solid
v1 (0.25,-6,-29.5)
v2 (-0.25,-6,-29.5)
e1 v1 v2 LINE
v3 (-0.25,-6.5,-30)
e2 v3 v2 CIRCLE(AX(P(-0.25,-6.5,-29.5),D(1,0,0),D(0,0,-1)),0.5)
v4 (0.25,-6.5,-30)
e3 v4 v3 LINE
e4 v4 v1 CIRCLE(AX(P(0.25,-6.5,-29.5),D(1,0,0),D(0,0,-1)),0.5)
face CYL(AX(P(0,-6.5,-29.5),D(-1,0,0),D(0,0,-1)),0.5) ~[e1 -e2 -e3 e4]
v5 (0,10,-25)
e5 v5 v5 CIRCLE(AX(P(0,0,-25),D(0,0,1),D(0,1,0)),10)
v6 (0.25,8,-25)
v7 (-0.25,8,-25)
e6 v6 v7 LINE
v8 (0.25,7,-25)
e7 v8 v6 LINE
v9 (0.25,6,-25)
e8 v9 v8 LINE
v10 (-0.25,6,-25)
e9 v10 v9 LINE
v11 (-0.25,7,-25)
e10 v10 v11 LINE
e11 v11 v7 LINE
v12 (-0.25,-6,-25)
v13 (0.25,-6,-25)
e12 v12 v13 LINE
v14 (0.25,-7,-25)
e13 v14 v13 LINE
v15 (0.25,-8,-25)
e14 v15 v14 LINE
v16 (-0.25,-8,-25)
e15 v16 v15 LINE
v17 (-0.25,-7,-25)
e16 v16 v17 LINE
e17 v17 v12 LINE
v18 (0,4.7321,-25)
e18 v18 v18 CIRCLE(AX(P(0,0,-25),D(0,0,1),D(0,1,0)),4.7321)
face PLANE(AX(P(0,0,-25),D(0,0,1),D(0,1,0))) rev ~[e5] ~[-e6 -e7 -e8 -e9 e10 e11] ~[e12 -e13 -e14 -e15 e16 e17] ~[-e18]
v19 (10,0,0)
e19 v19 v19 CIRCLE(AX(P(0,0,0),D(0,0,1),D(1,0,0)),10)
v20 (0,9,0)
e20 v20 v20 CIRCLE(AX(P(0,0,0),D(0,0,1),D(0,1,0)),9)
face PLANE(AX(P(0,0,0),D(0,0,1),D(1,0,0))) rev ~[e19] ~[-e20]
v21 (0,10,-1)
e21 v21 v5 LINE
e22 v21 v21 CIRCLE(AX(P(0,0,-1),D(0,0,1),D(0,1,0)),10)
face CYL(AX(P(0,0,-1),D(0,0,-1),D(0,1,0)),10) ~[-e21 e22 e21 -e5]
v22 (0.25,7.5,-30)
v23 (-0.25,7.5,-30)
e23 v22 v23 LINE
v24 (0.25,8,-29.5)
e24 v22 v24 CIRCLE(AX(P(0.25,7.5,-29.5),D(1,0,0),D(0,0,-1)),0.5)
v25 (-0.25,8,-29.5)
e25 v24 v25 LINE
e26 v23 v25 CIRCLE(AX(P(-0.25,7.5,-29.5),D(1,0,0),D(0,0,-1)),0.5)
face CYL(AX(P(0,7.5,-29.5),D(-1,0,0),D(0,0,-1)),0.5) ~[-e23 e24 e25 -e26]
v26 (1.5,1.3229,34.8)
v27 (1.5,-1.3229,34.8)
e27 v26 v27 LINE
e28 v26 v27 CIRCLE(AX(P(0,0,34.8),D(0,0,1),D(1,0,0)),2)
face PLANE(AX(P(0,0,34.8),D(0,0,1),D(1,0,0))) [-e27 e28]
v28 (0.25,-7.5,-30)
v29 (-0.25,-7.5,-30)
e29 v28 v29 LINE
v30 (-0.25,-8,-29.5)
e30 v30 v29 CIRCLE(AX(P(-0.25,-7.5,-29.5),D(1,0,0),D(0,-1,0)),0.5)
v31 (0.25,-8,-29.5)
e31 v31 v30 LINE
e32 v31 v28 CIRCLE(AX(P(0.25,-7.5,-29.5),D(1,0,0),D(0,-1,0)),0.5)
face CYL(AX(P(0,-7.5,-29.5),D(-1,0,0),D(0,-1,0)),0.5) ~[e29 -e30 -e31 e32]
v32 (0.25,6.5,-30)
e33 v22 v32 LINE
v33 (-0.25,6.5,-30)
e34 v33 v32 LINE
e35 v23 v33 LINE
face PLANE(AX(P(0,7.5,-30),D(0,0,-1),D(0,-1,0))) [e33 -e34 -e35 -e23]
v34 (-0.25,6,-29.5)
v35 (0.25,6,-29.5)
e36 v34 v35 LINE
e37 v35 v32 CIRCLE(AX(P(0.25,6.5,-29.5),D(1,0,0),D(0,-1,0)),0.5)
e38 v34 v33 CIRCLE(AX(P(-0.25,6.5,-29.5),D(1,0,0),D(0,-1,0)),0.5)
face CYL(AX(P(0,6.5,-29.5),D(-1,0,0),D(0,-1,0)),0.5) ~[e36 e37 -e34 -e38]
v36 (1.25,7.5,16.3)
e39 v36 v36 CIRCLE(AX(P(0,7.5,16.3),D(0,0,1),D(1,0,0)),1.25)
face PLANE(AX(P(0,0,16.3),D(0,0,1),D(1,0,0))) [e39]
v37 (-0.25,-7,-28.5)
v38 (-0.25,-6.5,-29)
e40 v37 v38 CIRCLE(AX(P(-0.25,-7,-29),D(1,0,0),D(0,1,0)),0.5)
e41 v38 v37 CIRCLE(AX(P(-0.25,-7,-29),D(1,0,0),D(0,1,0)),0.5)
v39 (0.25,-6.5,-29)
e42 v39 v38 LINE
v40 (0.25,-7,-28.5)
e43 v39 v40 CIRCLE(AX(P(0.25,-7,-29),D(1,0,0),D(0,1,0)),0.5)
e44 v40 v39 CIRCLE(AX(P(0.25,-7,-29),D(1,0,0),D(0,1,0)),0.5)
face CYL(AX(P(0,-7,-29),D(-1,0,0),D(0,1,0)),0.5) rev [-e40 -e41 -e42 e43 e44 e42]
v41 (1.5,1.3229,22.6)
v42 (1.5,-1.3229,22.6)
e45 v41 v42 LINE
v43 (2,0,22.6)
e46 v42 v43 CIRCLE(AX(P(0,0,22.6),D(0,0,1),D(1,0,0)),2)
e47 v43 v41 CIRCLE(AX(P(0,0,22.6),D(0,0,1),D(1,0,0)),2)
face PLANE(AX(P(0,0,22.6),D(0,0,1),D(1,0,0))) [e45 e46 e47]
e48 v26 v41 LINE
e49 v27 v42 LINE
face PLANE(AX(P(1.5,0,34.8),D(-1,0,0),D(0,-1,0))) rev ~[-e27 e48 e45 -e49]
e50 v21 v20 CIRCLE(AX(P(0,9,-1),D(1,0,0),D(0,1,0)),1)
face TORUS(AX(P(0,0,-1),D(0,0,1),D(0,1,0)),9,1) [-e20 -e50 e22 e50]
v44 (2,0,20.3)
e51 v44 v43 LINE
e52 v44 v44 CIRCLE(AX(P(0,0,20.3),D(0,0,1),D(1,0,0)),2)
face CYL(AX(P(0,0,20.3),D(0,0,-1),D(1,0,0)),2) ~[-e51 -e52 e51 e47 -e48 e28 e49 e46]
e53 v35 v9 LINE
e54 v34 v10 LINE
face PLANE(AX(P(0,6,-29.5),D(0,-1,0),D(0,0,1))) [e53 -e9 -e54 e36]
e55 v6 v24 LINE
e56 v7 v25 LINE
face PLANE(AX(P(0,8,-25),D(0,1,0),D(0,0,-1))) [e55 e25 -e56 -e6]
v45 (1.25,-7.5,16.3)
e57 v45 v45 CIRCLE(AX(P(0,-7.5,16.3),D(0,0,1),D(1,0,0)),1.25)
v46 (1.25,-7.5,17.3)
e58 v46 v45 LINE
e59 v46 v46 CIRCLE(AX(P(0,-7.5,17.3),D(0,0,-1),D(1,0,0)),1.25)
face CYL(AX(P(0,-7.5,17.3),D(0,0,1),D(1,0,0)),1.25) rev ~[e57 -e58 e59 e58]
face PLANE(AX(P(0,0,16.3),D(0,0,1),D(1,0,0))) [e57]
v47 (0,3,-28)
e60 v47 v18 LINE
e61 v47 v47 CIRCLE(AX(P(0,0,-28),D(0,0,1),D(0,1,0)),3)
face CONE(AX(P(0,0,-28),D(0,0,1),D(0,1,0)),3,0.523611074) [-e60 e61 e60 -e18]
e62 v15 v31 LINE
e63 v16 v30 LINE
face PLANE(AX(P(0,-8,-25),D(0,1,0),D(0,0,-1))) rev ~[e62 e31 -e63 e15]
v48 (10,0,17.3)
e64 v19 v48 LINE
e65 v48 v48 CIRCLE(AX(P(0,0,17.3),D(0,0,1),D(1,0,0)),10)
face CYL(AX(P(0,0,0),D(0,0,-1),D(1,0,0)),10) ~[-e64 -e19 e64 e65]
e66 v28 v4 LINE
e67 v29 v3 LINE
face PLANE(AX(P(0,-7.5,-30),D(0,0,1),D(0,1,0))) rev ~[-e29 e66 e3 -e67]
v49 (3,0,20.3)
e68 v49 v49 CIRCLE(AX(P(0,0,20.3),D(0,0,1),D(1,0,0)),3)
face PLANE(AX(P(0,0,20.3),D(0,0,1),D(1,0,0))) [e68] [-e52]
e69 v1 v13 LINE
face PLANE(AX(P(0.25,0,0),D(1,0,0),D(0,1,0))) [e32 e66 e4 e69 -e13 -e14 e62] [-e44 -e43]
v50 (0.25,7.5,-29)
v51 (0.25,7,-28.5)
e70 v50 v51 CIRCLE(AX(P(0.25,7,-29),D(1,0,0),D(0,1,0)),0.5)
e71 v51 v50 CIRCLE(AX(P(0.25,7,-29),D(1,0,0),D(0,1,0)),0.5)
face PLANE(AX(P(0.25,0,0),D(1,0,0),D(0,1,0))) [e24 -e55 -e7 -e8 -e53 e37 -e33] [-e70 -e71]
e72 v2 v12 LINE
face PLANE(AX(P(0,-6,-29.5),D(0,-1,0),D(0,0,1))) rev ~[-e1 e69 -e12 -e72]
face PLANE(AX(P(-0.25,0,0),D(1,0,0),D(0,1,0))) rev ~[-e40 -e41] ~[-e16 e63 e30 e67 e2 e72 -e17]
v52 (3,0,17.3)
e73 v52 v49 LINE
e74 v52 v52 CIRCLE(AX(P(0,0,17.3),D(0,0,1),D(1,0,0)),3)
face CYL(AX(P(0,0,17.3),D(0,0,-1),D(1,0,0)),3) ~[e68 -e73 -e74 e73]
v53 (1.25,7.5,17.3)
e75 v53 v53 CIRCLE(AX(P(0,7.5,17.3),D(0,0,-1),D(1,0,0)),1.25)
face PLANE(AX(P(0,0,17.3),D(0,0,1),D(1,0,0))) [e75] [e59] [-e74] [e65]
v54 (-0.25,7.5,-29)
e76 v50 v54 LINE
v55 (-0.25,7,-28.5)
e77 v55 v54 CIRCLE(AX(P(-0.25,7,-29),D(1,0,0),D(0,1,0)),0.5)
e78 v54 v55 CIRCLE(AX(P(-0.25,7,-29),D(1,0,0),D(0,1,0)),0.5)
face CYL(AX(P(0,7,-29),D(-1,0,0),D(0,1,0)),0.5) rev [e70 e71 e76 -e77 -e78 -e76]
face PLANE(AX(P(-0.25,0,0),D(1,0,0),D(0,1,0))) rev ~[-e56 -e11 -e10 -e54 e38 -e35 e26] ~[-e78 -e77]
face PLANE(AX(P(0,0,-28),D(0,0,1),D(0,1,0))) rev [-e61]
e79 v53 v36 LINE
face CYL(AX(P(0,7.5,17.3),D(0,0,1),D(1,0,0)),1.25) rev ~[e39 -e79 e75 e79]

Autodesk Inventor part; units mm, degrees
ref_plane "YZ Plane" through (0, 0, 0) normal (1, 0, 0) x (0, 1, 0)
ref_plane "XZ Plane" through (0, 0, 0) normal (0, 1, 0) x (-1, 0, 0)
ref_plane "XY Plane" through (0, 0, 0) normal (0, 0, 1) x (1, 0, 0)
sketch "Sketch1" plane through (0, 0, 0) normal (0, 0, 1) x (1, 0, 0)
  circle A0 centre (0, 0) radius 10
  dimension "d0" = 20
extrude "Extrusion1" add sketch "Sketch1" along normal blind 17.3
sketch "Sketch2" plane through (0, 0, 17.3) normal (0, 0, 1) x (1, 0, 0)
  line L0 (0, 0) -> (0, 7.5)
  circle A0 centre (0, 7.5) radius 1.25
  line L1 (0, 0) -> (0, -7.5)
  circle A1 centre (0, -7.5) radius 1.25
  dimension "d3" = 7.5
  dimension "d4" = 2.5
  dimension "d5" = 7.5
  dimension "d6" = 2.5
extrude "Extrusion2" cut sketch "Sketch2" against normal blind 1
sketch "Sketch3" plane through (0, 0, 17.3) normal (0, 0, 1) x (1, 0, 0)
  circle A0 centre (0, 0) radius 3
  dimension "d9" = 6
extrude "Extrusion3" add sketch "Sketch3" along normal blind 3
sketch "Sketch4" plane through (0, 0, 20.3) normal (0, 0, 1) x (1, 0, 0)
  circle A0 centre (0, 0) radius 2
  dimension "d12" = 4
extrude "Extrusion4" add sketch "Sketch4" along normal blind 14.5
sketch "Sketch5" plane through (0, 0, 34.8) normal (0, 0, 1) x (1, 0, 0)
  line L0 (0, 0) -> (2, 0)
  line L1 (2, 0) -> (1.5, 0)
  circle A0 centre (0, 0) radius 2
  line L2 (1.5, 0) -> (1.5, 1.3229)
  line L3 (1.5, 0) -> (1.5, -1.3229)
  circle A1 centre (0, 0) radius 2 projected
  dimension "d17" = 4
  dimension "d15" = 2
  dimension "d16" = 0.5
extrude "Extrusion5" cut sketch "Sketch5" against normal blind 12.2 contours L2 A0 L0 | L0 A0 L3
sketch "Sketch7" plane through (0, 0, 0) normal (1, 0, 0) x (0, 1, 0)
  line L0 (10, 0) -> (-10, 0) projected
  line L1 (0, 0) -> (9, 0)
  line L2 (10, -1) -> (10, -25)
  line L3 (10, -25) -> (0, -25)
  line L4 (0, -25) -> (0, 0)
  arc A0 (10, -1) -> (9, 0) centre (9, -1) ccw
  line L5 (0, -25) -> (0, -28)
  line L6 (0, -28) -> (3, -28)
  line L7 (3, -28) -> (4.7321, -25)
  dimension "d20" = 10
  dimension "d21" = 25
  dimension "d22" = 1
  dimension "d23" = 3
  dimension "d24" = 3
  dimension "d25" = 120
revolve "Revolution1" add sketch "Sketch7" angle 360 about axis through (0, 0, -25) along (0, 0, 1)
sketch "Sketch8" plane through (0, 0, 0) normal (1, 0, 0) x (0, 1, 0)
  line L0 (-4.7321, -25) -> (4.7321, -25) projected
  line L1 (0, -25) -> (8, -25)
  line L2 (8, -25) -> (8, -29.5)
  line L3 (7.5, -30) -> (6.5, -30)
  line L4 (6, -29.5) -> (6, -25)
  arc A0 (7.5, -30) -> (8, -29.5) centre (7.5, -29.5) ccw
  arc A1 (6, -29.5) -> (6.5, -30) centre (6.5, -29.5) ccw
  line L5 (-10, -25) -> (10, -25) projected
  line L6 (7, -25) -> (7, -29)
  circle A2 centre (7, -29) radius 0.5
  line L7 (0, -25) -> (0, -32)
  line L8 (0, -25) -> (-8, -25)
  line L9 (-8, -25) -> (-8, -29.5)
  line L10 (-7.5, -30) -> (-6.5, -30)
  line L11 (-6, -29.5) -> (-6, -25)
  arc A3 (-8, -29.5) -> (-7.5, -30) centre (-7.5, -29.5) ccw
  arc A4 (-6.5, -30) -> (-6, -29.5) centre (-6.5, -29.5) ccw
  line L12 (-7, -25) -> (-7, -29)
  circle A5 centre (-7, -29) radius 0.5
  point P0 (0, 0)
  point P1 (8, -30)
  point P2 (6, -30)
  point P3 (-8, -30)
  point P4 (-6, -30)
  point P5 (-8, -25)
  point P6 (-6, -25)
  dimension "d27" = 8
  dimension "d28" = 5
  dimension "d29" = 2
  dimension "d30" = 0.5
  dimension "d31" = 4
  dimension "d32" = 1
  dimension "d33" = 7
extrude "Extrusion6" add sketch "Sketch8" along normal mid plane 0.5
properties part number "motor_dc_20d_12v"
